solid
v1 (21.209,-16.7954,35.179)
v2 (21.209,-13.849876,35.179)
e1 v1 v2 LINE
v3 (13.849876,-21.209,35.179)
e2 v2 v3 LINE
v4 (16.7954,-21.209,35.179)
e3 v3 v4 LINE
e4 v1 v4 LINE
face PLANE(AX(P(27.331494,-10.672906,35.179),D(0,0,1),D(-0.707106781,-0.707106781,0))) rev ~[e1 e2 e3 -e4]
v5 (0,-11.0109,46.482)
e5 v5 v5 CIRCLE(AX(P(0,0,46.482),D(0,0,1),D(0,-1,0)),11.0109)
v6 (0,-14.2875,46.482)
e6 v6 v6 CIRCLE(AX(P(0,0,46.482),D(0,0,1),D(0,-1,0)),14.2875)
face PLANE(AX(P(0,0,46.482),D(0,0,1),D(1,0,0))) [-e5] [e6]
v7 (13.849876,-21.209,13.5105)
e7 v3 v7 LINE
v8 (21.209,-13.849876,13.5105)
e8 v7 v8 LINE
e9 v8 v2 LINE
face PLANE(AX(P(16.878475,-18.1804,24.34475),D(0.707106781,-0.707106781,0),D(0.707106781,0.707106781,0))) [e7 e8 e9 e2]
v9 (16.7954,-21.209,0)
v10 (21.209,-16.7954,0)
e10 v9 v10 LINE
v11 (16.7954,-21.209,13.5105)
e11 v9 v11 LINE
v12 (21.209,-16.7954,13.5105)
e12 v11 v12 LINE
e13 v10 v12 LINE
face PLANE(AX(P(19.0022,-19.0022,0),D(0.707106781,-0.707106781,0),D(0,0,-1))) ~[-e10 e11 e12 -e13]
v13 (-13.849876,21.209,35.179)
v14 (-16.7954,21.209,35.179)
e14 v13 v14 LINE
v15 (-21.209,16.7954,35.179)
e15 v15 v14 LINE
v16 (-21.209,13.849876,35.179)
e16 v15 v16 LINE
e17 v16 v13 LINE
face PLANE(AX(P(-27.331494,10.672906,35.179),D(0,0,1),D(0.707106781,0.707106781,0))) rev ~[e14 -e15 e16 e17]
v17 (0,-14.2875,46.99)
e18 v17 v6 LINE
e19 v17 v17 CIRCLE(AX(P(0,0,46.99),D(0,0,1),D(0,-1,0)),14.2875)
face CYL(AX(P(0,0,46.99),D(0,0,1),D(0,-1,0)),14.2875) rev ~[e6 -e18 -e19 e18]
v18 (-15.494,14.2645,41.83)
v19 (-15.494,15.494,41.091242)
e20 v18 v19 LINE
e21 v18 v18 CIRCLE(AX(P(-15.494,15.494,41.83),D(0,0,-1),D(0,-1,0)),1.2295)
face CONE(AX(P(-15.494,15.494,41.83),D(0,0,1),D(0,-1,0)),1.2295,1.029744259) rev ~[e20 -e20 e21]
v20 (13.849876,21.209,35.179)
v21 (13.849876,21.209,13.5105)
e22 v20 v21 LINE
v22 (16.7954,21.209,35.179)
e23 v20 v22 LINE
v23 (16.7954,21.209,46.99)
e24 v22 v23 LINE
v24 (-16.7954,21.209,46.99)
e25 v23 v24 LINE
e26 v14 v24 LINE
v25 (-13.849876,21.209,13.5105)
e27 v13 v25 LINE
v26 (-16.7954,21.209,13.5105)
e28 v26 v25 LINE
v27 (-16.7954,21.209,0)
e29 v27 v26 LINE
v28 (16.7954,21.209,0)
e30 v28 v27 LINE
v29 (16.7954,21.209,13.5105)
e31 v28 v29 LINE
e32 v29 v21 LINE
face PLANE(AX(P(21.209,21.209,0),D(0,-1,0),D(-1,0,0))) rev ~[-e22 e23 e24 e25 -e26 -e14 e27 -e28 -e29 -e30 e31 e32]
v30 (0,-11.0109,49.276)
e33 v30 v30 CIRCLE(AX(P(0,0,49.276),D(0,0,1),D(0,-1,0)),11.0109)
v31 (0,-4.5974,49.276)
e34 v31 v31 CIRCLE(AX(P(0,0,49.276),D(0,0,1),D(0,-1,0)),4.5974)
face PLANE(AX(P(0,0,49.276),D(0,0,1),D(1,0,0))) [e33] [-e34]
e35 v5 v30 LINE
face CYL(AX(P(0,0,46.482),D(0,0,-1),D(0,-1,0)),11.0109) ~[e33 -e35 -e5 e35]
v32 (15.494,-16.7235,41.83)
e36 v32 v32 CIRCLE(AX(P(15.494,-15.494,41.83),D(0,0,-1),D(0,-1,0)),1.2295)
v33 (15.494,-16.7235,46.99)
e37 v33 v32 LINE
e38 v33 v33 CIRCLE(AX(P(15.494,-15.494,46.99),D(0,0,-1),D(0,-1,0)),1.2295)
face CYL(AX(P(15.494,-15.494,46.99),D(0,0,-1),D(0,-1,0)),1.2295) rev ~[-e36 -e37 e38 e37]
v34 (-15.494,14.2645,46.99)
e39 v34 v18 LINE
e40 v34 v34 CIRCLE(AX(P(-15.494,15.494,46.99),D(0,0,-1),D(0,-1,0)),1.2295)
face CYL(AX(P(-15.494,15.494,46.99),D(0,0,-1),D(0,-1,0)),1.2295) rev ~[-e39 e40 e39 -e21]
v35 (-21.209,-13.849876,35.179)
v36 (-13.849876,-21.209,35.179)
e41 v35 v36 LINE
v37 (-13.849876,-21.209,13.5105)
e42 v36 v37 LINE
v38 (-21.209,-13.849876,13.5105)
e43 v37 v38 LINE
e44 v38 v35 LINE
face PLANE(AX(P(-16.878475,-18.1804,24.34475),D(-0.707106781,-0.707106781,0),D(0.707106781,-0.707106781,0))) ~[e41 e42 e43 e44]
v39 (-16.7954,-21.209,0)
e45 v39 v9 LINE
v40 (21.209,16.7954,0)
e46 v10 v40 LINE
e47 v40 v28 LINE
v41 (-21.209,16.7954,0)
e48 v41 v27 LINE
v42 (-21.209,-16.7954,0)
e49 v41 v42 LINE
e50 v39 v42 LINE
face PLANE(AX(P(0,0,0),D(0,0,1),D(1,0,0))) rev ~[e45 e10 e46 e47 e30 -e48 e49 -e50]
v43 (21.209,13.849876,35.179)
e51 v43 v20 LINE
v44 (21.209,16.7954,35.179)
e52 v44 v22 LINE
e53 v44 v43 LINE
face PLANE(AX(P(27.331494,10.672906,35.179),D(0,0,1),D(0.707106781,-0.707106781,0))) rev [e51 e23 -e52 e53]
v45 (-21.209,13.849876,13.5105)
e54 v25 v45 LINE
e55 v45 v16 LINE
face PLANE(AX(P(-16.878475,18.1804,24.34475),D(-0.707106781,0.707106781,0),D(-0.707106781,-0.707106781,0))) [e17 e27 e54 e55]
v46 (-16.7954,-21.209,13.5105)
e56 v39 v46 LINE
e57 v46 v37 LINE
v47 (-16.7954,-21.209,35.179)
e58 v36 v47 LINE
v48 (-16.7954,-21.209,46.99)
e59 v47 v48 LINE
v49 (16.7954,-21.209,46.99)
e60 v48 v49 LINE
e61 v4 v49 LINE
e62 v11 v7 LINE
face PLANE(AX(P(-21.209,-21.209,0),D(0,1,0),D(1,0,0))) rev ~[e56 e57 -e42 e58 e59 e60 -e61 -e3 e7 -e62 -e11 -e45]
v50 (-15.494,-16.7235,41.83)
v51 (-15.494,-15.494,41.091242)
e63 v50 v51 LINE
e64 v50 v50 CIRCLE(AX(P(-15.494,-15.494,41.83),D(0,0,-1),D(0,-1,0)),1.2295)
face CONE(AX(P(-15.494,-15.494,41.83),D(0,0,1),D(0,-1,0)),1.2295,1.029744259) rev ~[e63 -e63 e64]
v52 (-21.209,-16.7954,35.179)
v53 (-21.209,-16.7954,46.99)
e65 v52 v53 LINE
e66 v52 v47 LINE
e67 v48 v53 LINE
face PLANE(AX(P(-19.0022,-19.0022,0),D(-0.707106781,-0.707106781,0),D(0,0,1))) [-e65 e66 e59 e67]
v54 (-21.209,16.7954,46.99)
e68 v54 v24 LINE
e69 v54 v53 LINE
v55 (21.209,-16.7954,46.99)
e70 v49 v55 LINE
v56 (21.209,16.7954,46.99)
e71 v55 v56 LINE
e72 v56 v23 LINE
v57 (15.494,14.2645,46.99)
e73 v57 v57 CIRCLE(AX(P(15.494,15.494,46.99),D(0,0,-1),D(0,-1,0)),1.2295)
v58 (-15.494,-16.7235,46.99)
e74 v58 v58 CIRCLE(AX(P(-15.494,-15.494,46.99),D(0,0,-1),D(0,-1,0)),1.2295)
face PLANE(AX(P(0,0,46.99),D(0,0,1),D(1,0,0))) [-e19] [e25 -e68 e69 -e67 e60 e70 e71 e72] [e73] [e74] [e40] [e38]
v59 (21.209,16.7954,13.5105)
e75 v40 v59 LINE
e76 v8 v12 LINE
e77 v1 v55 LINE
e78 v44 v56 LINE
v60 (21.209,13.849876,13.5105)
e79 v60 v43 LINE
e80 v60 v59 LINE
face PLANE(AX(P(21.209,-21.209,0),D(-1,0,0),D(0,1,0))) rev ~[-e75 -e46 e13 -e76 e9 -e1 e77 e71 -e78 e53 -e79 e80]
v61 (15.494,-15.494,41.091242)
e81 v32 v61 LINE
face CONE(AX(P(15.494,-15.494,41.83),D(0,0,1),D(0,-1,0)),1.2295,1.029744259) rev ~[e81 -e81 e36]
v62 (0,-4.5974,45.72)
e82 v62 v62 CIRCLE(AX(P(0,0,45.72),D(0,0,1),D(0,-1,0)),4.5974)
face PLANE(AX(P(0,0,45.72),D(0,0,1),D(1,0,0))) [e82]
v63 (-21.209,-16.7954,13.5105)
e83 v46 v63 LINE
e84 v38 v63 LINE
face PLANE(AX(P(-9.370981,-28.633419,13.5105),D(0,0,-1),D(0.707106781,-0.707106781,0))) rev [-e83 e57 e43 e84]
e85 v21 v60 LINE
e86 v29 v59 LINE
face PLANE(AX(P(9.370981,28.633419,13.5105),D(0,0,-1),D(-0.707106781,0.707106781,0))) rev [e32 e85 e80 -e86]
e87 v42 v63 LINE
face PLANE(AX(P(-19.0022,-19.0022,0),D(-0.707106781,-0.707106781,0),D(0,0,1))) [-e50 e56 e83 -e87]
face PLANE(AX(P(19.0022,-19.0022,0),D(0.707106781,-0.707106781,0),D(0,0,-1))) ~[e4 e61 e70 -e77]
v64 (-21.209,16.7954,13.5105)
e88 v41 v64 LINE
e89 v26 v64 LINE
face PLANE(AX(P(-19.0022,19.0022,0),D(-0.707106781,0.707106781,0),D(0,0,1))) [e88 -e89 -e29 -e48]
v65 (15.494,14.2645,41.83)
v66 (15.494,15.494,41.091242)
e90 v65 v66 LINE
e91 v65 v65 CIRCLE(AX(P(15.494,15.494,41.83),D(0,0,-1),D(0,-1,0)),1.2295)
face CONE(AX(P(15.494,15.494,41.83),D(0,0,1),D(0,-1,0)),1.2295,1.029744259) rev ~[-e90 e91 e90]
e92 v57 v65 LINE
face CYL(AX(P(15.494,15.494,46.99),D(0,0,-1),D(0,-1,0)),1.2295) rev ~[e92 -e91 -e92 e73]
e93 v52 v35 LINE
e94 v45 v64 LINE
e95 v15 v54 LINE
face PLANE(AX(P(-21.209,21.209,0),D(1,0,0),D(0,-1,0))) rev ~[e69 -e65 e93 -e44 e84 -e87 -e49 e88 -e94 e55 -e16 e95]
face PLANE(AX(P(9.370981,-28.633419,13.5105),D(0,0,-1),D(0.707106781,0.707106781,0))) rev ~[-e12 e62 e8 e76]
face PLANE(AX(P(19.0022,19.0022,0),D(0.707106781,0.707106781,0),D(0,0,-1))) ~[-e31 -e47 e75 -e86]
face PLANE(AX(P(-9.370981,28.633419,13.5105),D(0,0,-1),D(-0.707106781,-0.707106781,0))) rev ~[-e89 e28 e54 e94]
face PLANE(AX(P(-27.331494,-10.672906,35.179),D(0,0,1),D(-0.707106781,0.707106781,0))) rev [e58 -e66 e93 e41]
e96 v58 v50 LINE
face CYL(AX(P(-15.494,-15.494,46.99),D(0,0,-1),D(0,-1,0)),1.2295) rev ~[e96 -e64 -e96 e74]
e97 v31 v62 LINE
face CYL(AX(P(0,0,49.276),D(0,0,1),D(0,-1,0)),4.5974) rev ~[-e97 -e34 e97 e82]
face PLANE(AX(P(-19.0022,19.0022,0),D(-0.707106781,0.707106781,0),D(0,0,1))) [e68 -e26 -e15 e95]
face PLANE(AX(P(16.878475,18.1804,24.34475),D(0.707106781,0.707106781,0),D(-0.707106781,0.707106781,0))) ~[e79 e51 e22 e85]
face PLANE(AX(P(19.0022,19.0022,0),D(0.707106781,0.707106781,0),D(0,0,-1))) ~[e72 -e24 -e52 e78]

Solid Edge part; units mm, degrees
sketch "Sketch1" plane through (0, 0, 0) normal (0, 0, 1) x (1, 0, 0)
  line L0 (-21.209, -21.209) -> (21.209, -21.209)
  line L1 (21.209, -21.209) -> (21.209, 21.209)
  line L2 (21.209, 21.209) -> (-21.209, 21.209)
  line L3 (-21.209, 21.209) -> (-21.209, -21.209)
  dimension "D1" = 42.418
  dimension "D2" = 42.418
extrude "Protrusion1" add sketch "Sketch1" along normal blind 46.99
hole "Hole_1" at (-15.494, -15.494, 46.99) direction (0, 0, -1) diameter 2.459 depth 5.16 tip angle 118
hole "Hole1" at (15.494, -15.494, 46.99) direction (0, 0, -1) diameter 2.459 depth 5.16 tip angle 118
hole "Hole2" at (15.494, 15.494, 46.99) direction (0, 0, -1) diameter 2.459 depth 5.16 tip angle 118
hole "Hole3" at (-15.494, 15.494, 46.99) direction (0, 0, -1) diameter 2.459 depth 5.16 tip angle 118
sketch "Sketch2" plane through (0, 0, 46.99) normal (0, 0, 1) x (0, -1, 0)
  circle A0 centre (0, 0) radius 14.2875
extrude "CircleIndent" cut sketch "Sketch2" against normal blind 0.508
sketch "Sketch3" plane through (0, 0, 46.482) normal (0, 0, 1) x (0, -1, 0)
  circle A0 centre (0, 0) radius 11.0109
extrude "CenteringCircle" add sketch "Sketch3" along normal blind 2.794
sketch "Sketch4" plane through (0, 0, 49.276) normal (0, 0, 1) x (0, -1, 0)
  circle A0 centre (0, 0) radius 4.5974
extrude "ShaftHole" cut sketch "Sketch4" against normal blind 3.556
chamfer "SideChamfer" distance 4.4136 angle 45 4 edges at (21.209, -21.209, 23.495) (-21.209, -21.209, 23.495) (21.209, 21.209, 23.495) (-21.209, 21.209, 23.495)
sketch "Sketch5" plane through (19.0022, -19.0022, 23.495) normal (0.7071, -0.7071, 0) x (0, 0, -1)
  line L0 (-11.684, -13.6206) -> (9.9845, -13.6206)
  line L1 (9.9845, -13.6206) -> (9.9845, 11.7794)
  line L2 (9.9845, 11.7794) -> (-11.684, 11.7794)
  line L3 (-11.684, 11.7794) -> (-11.684, -13.6206)
  dimension "D1" = 11.811
extrude "SideCutout" cut sketch "Sketch5" against normal blind 2.0828
mirror "Mirror1" about plane through (0, 0, 0) normal (1, 0, 0) of "SideCutout"
mirror "Mirror2" about plane through (0, 0, 0) normal (0, -1, 0) of "SideCutout", "Mirror1"
properties material "Steel"
